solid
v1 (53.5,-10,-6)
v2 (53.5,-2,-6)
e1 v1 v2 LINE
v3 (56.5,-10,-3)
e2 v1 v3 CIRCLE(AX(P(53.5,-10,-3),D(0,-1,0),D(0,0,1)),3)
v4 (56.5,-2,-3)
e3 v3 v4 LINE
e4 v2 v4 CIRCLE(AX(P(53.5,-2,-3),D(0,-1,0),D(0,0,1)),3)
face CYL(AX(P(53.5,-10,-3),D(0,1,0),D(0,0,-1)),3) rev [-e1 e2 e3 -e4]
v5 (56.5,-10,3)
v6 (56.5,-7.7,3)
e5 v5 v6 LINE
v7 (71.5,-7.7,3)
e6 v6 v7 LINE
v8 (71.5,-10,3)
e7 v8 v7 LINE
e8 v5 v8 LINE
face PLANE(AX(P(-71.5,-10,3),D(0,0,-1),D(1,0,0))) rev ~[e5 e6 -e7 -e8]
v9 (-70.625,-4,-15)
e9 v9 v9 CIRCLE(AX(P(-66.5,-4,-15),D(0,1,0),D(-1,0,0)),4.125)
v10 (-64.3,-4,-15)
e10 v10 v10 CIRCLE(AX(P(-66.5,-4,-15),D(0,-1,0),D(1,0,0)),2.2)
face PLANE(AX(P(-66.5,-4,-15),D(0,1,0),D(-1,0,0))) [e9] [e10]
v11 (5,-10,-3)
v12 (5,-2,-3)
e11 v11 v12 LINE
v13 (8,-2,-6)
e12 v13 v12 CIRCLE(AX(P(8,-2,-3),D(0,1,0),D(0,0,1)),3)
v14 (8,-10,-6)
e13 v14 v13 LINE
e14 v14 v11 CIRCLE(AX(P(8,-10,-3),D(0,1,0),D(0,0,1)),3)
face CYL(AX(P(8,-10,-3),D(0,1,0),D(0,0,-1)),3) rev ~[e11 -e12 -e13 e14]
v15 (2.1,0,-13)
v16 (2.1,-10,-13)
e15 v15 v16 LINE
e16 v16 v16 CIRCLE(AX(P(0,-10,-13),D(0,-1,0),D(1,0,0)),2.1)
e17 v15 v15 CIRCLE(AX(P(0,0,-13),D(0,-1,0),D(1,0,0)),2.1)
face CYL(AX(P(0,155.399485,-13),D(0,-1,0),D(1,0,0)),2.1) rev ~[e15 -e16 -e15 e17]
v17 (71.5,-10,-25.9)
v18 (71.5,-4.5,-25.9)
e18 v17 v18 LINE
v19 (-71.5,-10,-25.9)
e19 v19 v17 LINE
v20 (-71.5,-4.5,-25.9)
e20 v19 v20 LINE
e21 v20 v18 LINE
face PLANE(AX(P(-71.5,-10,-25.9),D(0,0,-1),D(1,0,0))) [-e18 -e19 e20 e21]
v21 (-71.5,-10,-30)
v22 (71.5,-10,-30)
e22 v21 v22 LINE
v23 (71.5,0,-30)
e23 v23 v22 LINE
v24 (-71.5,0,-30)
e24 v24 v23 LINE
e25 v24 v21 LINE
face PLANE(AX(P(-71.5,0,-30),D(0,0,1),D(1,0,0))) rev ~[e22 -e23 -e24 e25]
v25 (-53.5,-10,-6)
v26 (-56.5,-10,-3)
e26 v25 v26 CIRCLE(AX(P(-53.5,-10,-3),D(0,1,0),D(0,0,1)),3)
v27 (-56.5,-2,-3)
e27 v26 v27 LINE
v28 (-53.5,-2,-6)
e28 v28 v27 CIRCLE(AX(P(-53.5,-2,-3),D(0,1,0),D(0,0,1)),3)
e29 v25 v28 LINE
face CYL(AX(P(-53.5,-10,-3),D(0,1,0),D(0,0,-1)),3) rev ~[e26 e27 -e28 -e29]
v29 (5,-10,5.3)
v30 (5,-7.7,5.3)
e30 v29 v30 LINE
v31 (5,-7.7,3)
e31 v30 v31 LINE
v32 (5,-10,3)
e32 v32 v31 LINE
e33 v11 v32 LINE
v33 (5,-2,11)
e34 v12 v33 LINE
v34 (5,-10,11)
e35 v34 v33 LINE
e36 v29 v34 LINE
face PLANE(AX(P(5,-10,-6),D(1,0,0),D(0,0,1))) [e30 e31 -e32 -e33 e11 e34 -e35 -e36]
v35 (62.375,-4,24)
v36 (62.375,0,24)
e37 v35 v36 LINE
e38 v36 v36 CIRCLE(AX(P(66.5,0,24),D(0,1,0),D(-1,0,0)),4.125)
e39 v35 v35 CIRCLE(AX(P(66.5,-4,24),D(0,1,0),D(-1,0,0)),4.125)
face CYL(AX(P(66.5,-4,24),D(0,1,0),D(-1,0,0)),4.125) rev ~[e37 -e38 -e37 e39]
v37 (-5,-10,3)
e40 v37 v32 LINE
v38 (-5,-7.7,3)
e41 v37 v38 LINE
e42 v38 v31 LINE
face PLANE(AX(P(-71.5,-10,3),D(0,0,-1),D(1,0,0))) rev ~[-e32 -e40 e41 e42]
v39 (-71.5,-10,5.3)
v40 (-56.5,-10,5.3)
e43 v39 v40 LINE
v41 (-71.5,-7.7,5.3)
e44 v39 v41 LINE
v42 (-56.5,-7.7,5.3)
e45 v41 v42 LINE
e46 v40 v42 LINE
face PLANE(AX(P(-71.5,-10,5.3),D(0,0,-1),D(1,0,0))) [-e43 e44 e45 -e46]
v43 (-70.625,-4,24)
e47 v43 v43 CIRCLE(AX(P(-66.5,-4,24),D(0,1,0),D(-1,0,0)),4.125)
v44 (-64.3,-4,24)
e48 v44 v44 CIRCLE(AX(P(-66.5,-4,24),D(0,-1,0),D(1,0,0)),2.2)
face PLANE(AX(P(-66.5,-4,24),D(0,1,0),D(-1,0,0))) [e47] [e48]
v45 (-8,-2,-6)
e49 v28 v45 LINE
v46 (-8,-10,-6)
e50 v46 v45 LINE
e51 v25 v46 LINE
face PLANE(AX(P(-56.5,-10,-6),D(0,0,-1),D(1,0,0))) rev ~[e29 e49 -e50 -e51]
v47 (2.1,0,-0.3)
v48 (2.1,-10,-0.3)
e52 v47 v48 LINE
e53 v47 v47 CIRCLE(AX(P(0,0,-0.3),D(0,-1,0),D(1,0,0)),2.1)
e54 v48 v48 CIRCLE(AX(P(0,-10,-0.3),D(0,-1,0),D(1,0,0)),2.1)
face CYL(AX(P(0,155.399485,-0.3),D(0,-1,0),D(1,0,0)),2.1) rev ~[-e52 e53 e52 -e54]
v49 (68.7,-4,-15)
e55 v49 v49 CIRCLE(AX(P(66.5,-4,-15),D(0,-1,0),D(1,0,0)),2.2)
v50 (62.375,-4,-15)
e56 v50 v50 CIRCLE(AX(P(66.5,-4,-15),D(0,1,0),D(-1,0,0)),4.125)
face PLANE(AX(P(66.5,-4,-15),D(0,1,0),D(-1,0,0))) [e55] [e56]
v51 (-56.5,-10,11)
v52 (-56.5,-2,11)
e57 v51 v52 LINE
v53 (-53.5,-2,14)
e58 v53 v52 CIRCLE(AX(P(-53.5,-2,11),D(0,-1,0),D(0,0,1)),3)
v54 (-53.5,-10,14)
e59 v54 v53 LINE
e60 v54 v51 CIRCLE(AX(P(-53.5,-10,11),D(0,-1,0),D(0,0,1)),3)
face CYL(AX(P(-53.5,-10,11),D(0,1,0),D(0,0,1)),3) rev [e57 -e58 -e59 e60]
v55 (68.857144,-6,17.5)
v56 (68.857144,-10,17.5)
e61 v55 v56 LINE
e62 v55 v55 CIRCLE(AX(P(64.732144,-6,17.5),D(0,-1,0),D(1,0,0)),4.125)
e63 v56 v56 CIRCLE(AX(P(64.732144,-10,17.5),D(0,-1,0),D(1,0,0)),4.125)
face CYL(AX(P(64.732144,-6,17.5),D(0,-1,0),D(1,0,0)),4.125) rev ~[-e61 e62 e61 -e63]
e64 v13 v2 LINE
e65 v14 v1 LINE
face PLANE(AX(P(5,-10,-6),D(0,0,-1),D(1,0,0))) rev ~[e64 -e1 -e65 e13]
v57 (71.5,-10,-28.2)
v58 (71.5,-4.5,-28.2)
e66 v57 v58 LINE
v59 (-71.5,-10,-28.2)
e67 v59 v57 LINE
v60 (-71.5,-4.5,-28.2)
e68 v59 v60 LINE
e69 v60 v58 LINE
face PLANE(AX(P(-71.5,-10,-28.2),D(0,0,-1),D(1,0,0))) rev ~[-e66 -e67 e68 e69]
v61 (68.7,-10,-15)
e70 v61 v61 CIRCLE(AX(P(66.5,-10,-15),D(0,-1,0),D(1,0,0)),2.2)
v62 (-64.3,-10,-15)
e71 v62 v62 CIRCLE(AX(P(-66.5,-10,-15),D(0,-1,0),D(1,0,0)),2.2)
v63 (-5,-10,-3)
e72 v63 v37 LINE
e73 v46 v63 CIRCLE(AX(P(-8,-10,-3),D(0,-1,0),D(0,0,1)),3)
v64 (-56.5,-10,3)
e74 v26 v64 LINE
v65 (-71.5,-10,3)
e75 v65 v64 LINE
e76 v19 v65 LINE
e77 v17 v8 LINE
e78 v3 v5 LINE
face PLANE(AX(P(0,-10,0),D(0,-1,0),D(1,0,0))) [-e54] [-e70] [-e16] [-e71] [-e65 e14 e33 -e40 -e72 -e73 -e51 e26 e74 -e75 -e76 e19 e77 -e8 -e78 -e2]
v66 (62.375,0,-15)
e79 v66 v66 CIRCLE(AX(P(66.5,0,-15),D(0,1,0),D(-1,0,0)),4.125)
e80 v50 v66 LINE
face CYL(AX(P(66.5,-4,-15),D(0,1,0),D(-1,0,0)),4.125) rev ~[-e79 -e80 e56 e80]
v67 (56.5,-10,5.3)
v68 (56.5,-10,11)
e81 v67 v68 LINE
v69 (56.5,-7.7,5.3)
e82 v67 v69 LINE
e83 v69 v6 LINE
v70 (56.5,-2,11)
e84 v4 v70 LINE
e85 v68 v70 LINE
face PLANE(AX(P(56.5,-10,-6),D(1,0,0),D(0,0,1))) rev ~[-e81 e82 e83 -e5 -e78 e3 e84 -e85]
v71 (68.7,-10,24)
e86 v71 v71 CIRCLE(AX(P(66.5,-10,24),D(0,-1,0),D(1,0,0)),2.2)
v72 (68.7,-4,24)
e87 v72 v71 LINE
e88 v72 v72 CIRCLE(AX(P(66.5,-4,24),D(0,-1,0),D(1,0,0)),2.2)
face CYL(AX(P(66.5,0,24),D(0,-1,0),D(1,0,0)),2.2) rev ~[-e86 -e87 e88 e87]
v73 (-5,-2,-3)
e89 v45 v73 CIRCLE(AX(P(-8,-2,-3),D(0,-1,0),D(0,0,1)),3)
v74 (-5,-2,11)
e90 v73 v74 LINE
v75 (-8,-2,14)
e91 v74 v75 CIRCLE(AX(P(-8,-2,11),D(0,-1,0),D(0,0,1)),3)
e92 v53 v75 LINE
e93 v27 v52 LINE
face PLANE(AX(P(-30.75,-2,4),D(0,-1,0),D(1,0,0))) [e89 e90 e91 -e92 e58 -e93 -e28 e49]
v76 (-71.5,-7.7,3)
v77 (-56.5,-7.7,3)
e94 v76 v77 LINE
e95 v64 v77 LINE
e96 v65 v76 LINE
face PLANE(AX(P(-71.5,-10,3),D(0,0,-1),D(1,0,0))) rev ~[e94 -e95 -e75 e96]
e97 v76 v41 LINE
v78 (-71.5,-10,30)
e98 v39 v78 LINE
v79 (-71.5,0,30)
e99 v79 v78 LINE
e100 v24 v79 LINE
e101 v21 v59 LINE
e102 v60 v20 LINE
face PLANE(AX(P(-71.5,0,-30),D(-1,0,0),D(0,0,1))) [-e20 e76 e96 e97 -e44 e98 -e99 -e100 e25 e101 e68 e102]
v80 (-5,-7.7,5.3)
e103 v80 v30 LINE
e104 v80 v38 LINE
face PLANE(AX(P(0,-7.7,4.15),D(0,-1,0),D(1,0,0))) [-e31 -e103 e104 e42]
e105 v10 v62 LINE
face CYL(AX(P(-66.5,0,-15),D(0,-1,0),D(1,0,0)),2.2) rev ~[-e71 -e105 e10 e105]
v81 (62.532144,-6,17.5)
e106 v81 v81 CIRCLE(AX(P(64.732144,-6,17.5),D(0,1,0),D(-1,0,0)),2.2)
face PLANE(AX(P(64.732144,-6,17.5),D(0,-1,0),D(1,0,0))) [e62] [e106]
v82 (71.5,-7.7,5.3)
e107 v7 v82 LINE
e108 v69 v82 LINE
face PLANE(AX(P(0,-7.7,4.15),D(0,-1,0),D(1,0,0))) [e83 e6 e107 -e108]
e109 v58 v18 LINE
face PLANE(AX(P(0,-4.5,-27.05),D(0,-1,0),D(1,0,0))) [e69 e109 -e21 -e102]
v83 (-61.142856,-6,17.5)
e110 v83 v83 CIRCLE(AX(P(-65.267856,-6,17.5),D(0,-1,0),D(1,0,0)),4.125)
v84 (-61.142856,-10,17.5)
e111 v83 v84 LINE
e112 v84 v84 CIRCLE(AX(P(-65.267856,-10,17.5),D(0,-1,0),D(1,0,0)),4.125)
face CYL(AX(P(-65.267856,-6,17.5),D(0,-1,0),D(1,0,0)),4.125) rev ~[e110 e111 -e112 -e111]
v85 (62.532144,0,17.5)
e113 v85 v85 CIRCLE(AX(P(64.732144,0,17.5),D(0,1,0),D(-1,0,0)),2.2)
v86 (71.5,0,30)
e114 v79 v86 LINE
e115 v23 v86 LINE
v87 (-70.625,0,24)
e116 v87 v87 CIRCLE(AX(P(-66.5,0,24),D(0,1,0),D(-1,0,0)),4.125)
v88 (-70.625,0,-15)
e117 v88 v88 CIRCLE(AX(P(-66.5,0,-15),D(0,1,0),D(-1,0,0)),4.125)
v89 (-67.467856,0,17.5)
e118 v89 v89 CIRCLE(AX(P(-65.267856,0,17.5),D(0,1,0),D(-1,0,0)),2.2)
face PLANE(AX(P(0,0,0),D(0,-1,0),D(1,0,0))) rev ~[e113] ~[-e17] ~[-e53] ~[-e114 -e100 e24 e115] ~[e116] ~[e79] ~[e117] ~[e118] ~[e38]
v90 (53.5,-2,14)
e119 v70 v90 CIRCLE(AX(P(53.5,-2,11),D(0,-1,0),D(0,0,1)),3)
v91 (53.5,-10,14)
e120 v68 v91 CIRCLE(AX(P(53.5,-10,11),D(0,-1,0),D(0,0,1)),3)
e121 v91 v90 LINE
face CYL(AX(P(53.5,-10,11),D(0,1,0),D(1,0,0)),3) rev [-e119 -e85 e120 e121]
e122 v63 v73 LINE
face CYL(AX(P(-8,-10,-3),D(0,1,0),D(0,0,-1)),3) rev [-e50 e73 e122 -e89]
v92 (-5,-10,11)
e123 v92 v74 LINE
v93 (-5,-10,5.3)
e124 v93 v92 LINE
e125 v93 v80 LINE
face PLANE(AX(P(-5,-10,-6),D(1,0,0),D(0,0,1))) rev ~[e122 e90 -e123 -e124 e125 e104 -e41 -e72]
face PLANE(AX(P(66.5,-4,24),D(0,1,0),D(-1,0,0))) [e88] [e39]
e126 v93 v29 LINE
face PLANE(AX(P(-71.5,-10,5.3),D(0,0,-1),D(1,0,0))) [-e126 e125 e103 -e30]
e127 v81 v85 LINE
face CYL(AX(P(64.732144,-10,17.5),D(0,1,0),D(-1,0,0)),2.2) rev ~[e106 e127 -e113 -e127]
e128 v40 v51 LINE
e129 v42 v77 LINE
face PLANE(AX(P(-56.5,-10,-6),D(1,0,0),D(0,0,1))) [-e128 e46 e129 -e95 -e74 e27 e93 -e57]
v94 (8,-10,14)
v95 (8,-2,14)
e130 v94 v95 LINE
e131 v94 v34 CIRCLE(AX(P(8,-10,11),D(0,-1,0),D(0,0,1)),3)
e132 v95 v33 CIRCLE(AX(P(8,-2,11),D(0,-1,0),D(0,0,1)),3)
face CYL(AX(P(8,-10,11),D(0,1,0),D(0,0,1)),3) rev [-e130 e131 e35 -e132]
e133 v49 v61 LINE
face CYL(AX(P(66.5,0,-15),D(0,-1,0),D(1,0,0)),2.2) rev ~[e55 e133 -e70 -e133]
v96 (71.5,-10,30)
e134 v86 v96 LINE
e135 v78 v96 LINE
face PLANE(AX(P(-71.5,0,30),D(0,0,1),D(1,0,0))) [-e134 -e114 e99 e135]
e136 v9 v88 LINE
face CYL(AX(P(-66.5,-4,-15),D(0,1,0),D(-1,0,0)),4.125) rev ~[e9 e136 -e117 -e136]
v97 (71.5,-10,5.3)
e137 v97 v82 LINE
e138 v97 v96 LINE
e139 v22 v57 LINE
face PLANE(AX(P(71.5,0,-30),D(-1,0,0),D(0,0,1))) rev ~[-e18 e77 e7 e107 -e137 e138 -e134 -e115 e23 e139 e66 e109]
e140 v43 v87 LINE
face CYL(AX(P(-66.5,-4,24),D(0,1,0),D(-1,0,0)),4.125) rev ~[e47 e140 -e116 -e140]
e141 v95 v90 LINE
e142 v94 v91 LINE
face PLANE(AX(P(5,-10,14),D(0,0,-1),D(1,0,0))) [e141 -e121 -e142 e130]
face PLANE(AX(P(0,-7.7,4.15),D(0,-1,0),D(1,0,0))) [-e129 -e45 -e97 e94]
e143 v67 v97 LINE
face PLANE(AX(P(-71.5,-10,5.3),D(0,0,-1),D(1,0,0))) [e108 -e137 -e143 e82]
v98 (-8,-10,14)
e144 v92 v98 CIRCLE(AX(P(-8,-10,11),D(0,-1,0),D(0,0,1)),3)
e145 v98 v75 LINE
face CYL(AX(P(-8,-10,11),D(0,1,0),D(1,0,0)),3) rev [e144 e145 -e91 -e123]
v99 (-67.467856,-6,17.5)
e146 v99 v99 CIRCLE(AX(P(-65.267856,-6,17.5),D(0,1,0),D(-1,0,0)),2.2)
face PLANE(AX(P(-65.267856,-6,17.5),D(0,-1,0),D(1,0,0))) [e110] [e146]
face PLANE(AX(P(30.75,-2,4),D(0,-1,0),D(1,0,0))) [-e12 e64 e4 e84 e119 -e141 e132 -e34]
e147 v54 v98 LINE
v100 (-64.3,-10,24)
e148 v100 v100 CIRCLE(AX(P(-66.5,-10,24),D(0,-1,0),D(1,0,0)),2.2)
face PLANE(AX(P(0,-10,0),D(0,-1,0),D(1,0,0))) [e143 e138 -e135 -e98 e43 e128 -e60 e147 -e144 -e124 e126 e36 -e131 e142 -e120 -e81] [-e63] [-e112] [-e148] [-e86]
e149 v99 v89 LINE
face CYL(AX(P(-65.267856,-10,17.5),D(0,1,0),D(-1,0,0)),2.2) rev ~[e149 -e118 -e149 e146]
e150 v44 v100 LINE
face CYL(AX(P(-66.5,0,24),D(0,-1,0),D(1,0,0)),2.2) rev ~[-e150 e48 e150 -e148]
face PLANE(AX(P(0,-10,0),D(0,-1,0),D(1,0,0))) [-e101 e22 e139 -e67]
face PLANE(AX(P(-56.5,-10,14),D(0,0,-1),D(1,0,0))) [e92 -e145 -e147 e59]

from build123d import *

# Parameters (mm, degrees)
F0_W            = 143
F0_H            = 60
F1_DEPTH        = 10
F2_W            = 51.5
F2_H            = 20
F3_DEPTH        = 8
F4_R            = 3
F5_W            = 143
F5_H            = 2.3
F6_DEPTH        = 5.5
F7_W            = 143
F7_H            = 2.3
F8_DEPTH        = 2.3
F10_D           = 4.4
F10_CBORE_D     = 8.25
F10_CBORE_DEPTH = 4
F12_D           = 4.4
F12_CBORE_D     = 8.25
F12_CBORE_DEPTH = 4
F14_D           = 4.2


with BuildPart() as f1:
    # F0 (on Front) → F1 (new body)
    with BuildSketch(Plane.XZ):
        Rectangle(F0_W, F0_H)
    extrude(amount=F1_DEPTH)

    # F2 (on face) → F3 (cut)
    with BuildSketch(Plane.XZ.offset(10)):
        with Locations((-30.75, 4)):
            Rectangle(F2_W, F2_H)
        with Locations((30.75, 4)):
            Rectangle(F2_W, F2_H)
    extrude(amount=-F3_DEPTH, mode=Mode.SUBTRACT)

    # F4
    f4_edges = [f1.edges().sort_by_distance(p)[0] for p in [
        (-56.5, -6, 14),
        (-5, -6, -6),
        (56.5, -6, -6),
        (-5, -6, 14),
        (56.5, -6, 14),
        (-56.5, -6, -6),
        (5, -6, -6),
        (5, -6, 14),
    ]]
    fillet(f4_edges, radius=F4_R)

    # F5 (on face) → F6 (cut)
    with BuildSketch(Plane.XZ.offset(10)):
        with Locations((0, -27.05)):
            Rectangle(F5_W, F5_H)
    extrude(amount=-F6_DEPTH, mode=Mode.SUBTRACT)

    # F7 (on face) → F8 (cut)
    with BuildSketch(Plane.XZ.offset(10)):
        with Locations((0, 4.15)):
            Rectangle(F7_W, F7_H)
    extrude(amount=-F8_DEPTH, mode=Mode.SUBTRACT)

    # F10 (through all)
    with Locations(Plane(origin=(0, 0, 0), x_dir=(-1, 0, 0), z_dir=(0, 1, 0))):
        with Locations((-66.5, 24), (-66.5, -15), (66.5, -15), (66.5, 24)):
            CounterBoreHole(F10_D / 2, F10_CBORE_D / 2, F10_CBORE_DEPTH)

    # F12 (through all)
    with Locations(Plane.XZ.offset(10)):
        with Locations((-65.267855823, 17.5), (64.732144177, 17.5)):
            CounterBoreHole(F12_D / 2, F12_CBORE_D / 2, F12_CBORE_DEPTH)

    # F14 (through all)
    with Locations(Plane(origin=(0, 0, 0), x_dir=(-1, 0, 0), z_dir=(0, 1, 0))):
        with Locations((0, -0.3), (0, -13)):
            Hole(F14_D / 2)


solid = f1.part
